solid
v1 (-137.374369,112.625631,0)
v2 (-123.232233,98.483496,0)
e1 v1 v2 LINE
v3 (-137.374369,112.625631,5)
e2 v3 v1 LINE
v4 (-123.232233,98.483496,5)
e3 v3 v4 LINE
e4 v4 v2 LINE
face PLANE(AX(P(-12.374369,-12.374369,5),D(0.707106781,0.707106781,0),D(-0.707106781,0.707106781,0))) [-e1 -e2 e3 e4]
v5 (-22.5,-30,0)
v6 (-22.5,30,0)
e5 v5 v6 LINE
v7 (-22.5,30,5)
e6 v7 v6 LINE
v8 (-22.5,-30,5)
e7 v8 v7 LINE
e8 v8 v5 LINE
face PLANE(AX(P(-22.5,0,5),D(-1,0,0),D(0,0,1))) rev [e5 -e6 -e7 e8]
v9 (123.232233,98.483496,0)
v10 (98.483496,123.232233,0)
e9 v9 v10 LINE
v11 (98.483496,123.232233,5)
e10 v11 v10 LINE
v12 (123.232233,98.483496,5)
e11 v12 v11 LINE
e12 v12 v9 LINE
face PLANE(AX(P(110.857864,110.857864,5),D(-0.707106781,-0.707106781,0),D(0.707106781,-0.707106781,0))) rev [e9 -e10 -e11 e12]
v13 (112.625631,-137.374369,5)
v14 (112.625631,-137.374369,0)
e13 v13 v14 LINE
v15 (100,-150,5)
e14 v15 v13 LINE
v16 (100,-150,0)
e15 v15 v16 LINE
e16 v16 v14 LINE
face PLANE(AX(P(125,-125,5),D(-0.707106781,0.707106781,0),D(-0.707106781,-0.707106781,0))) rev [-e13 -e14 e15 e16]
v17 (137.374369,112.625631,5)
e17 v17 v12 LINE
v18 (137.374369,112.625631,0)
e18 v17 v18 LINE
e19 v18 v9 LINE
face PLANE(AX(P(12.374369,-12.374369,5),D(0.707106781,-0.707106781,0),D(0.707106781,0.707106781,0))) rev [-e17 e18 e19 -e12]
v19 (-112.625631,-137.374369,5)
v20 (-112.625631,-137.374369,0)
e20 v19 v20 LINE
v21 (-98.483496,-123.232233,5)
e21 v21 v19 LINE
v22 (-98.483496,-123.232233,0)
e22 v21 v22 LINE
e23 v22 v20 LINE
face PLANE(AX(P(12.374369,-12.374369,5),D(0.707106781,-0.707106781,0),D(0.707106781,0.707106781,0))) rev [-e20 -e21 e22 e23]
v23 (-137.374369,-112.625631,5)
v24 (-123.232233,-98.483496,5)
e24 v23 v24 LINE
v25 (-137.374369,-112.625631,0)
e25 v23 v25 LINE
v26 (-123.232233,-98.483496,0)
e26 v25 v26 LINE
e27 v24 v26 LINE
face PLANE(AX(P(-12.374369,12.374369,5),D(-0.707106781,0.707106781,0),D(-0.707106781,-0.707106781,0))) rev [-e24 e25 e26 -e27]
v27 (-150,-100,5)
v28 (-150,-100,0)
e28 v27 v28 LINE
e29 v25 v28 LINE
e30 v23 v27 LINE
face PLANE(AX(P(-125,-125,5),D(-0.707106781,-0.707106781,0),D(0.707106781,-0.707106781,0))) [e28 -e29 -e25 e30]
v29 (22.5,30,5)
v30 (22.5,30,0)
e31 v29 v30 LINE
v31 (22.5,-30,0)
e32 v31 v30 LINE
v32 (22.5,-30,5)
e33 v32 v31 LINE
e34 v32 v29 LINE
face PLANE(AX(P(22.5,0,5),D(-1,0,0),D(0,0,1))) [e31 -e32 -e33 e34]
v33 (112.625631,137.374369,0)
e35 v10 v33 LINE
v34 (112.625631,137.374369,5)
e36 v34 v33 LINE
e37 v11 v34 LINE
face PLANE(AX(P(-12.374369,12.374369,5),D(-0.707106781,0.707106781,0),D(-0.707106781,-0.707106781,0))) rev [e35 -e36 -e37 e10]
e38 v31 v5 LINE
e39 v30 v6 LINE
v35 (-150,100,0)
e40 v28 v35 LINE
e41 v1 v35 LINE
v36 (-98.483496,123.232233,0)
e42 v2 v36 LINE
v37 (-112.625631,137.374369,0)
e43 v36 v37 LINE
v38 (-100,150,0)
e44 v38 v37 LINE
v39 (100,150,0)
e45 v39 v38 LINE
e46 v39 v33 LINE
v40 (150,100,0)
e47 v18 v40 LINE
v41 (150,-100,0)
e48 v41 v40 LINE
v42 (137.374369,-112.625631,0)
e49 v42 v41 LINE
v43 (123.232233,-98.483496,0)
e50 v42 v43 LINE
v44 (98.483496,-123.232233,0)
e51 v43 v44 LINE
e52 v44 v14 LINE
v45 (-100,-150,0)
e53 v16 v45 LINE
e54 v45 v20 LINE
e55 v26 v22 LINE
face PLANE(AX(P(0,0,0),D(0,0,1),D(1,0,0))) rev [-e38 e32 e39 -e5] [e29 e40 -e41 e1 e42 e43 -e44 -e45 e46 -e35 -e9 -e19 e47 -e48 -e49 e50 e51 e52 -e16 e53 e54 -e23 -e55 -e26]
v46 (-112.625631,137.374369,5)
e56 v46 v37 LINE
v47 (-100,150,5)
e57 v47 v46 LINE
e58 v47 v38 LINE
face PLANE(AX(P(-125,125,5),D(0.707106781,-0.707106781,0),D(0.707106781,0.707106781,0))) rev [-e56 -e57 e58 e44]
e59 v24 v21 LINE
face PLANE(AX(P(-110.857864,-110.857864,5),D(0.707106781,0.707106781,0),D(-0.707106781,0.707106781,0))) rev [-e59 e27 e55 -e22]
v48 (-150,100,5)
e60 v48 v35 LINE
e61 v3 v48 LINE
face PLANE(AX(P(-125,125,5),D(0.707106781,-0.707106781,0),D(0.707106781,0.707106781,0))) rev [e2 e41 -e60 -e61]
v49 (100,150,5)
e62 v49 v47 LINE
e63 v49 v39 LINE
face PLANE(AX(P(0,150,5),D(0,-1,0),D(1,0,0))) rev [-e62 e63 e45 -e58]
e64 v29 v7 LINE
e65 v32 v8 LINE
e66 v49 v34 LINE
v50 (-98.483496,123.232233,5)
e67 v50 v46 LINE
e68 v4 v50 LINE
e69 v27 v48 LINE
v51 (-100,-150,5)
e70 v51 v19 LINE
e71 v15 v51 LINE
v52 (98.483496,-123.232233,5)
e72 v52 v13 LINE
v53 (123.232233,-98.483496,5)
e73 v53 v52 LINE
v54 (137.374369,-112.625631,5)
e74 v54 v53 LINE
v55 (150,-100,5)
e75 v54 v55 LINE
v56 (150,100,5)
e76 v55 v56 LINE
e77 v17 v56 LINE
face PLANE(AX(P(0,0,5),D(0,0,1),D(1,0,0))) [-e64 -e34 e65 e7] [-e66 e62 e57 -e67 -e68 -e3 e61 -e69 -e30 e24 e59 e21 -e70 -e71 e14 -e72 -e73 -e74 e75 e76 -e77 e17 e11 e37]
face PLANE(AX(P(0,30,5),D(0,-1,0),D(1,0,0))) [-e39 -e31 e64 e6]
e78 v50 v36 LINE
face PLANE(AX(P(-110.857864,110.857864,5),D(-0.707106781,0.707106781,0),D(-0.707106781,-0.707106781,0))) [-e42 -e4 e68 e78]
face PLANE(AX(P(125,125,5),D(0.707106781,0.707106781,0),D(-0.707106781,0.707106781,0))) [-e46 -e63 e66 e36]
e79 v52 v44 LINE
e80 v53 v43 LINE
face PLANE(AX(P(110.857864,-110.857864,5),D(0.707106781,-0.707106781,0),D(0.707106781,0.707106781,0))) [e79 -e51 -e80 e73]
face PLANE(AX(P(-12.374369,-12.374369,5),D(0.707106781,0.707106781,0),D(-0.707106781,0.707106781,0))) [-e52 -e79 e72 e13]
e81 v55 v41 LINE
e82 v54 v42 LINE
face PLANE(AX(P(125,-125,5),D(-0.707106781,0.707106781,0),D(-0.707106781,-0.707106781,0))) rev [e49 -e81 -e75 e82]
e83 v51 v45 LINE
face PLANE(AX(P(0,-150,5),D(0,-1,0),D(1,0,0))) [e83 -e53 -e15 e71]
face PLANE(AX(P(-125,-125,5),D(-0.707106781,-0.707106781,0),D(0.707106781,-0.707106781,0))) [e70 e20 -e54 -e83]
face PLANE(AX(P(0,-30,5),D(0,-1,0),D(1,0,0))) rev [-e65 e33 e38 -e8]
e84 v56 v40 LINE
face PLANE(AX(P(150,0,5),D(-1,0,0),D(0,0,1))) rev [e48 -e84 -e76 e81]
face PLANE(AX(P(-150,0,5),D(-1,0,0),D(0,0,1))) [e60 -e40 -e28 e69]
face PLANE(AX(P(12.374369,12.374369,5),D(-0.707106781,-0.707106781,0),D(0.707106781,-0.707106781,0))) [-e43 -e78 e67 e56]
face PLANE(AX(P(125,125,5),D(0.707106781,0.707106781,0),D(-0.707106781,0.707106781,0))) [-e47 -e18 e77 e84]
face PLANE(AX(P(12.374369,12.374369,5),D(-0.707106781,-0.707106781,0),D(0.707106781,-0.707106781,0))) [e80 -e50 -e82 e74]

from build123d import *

# Parameters (mm, degrees)
ESQUISSE1_W        = 45
ESQUISSE1_H        = 60
BOSS_EXTRU_1_DEPTH = 5


with BuildPart() as part:
    # Esquisse1 → Boss.-Extru.1 (new body)
    with BuildSketch(Plane.XY):
        Polygon((112.625631329, 137.374368671), (100, 150), (-100, 150), (-112.625631329, 137.374368671), (-98.483495706, 123.232233047), (-123.232233047, 98.483495706), (-137.374368671, 112.625631329), (-150, 100), (-150, -100), (-137.374368671, -112.625631329), (-123.232233047, -98.483495706), (-98.483495706, -123.232233047), (-112.625631329, -137.374368671), (-100, -150), (100, -150), (112.625631329, -137.374368671), (98.483495706, -123.232233047), (123.232233047, -98.483495706), (137.374368671, -112.625631329), (150, -100), (150, 100), (137.374368671, 112.625631329), (123.232233047, 98.483495706), (98.483495706, 123.232233047), align=None)
        Rectangle(ESQUISSE1_W, ESQUISSE1_H, mode=Mode.SUBTRACT)
    extrude(amount=BOSS_EXTRU_1_DEPTH)


solid = part.part
